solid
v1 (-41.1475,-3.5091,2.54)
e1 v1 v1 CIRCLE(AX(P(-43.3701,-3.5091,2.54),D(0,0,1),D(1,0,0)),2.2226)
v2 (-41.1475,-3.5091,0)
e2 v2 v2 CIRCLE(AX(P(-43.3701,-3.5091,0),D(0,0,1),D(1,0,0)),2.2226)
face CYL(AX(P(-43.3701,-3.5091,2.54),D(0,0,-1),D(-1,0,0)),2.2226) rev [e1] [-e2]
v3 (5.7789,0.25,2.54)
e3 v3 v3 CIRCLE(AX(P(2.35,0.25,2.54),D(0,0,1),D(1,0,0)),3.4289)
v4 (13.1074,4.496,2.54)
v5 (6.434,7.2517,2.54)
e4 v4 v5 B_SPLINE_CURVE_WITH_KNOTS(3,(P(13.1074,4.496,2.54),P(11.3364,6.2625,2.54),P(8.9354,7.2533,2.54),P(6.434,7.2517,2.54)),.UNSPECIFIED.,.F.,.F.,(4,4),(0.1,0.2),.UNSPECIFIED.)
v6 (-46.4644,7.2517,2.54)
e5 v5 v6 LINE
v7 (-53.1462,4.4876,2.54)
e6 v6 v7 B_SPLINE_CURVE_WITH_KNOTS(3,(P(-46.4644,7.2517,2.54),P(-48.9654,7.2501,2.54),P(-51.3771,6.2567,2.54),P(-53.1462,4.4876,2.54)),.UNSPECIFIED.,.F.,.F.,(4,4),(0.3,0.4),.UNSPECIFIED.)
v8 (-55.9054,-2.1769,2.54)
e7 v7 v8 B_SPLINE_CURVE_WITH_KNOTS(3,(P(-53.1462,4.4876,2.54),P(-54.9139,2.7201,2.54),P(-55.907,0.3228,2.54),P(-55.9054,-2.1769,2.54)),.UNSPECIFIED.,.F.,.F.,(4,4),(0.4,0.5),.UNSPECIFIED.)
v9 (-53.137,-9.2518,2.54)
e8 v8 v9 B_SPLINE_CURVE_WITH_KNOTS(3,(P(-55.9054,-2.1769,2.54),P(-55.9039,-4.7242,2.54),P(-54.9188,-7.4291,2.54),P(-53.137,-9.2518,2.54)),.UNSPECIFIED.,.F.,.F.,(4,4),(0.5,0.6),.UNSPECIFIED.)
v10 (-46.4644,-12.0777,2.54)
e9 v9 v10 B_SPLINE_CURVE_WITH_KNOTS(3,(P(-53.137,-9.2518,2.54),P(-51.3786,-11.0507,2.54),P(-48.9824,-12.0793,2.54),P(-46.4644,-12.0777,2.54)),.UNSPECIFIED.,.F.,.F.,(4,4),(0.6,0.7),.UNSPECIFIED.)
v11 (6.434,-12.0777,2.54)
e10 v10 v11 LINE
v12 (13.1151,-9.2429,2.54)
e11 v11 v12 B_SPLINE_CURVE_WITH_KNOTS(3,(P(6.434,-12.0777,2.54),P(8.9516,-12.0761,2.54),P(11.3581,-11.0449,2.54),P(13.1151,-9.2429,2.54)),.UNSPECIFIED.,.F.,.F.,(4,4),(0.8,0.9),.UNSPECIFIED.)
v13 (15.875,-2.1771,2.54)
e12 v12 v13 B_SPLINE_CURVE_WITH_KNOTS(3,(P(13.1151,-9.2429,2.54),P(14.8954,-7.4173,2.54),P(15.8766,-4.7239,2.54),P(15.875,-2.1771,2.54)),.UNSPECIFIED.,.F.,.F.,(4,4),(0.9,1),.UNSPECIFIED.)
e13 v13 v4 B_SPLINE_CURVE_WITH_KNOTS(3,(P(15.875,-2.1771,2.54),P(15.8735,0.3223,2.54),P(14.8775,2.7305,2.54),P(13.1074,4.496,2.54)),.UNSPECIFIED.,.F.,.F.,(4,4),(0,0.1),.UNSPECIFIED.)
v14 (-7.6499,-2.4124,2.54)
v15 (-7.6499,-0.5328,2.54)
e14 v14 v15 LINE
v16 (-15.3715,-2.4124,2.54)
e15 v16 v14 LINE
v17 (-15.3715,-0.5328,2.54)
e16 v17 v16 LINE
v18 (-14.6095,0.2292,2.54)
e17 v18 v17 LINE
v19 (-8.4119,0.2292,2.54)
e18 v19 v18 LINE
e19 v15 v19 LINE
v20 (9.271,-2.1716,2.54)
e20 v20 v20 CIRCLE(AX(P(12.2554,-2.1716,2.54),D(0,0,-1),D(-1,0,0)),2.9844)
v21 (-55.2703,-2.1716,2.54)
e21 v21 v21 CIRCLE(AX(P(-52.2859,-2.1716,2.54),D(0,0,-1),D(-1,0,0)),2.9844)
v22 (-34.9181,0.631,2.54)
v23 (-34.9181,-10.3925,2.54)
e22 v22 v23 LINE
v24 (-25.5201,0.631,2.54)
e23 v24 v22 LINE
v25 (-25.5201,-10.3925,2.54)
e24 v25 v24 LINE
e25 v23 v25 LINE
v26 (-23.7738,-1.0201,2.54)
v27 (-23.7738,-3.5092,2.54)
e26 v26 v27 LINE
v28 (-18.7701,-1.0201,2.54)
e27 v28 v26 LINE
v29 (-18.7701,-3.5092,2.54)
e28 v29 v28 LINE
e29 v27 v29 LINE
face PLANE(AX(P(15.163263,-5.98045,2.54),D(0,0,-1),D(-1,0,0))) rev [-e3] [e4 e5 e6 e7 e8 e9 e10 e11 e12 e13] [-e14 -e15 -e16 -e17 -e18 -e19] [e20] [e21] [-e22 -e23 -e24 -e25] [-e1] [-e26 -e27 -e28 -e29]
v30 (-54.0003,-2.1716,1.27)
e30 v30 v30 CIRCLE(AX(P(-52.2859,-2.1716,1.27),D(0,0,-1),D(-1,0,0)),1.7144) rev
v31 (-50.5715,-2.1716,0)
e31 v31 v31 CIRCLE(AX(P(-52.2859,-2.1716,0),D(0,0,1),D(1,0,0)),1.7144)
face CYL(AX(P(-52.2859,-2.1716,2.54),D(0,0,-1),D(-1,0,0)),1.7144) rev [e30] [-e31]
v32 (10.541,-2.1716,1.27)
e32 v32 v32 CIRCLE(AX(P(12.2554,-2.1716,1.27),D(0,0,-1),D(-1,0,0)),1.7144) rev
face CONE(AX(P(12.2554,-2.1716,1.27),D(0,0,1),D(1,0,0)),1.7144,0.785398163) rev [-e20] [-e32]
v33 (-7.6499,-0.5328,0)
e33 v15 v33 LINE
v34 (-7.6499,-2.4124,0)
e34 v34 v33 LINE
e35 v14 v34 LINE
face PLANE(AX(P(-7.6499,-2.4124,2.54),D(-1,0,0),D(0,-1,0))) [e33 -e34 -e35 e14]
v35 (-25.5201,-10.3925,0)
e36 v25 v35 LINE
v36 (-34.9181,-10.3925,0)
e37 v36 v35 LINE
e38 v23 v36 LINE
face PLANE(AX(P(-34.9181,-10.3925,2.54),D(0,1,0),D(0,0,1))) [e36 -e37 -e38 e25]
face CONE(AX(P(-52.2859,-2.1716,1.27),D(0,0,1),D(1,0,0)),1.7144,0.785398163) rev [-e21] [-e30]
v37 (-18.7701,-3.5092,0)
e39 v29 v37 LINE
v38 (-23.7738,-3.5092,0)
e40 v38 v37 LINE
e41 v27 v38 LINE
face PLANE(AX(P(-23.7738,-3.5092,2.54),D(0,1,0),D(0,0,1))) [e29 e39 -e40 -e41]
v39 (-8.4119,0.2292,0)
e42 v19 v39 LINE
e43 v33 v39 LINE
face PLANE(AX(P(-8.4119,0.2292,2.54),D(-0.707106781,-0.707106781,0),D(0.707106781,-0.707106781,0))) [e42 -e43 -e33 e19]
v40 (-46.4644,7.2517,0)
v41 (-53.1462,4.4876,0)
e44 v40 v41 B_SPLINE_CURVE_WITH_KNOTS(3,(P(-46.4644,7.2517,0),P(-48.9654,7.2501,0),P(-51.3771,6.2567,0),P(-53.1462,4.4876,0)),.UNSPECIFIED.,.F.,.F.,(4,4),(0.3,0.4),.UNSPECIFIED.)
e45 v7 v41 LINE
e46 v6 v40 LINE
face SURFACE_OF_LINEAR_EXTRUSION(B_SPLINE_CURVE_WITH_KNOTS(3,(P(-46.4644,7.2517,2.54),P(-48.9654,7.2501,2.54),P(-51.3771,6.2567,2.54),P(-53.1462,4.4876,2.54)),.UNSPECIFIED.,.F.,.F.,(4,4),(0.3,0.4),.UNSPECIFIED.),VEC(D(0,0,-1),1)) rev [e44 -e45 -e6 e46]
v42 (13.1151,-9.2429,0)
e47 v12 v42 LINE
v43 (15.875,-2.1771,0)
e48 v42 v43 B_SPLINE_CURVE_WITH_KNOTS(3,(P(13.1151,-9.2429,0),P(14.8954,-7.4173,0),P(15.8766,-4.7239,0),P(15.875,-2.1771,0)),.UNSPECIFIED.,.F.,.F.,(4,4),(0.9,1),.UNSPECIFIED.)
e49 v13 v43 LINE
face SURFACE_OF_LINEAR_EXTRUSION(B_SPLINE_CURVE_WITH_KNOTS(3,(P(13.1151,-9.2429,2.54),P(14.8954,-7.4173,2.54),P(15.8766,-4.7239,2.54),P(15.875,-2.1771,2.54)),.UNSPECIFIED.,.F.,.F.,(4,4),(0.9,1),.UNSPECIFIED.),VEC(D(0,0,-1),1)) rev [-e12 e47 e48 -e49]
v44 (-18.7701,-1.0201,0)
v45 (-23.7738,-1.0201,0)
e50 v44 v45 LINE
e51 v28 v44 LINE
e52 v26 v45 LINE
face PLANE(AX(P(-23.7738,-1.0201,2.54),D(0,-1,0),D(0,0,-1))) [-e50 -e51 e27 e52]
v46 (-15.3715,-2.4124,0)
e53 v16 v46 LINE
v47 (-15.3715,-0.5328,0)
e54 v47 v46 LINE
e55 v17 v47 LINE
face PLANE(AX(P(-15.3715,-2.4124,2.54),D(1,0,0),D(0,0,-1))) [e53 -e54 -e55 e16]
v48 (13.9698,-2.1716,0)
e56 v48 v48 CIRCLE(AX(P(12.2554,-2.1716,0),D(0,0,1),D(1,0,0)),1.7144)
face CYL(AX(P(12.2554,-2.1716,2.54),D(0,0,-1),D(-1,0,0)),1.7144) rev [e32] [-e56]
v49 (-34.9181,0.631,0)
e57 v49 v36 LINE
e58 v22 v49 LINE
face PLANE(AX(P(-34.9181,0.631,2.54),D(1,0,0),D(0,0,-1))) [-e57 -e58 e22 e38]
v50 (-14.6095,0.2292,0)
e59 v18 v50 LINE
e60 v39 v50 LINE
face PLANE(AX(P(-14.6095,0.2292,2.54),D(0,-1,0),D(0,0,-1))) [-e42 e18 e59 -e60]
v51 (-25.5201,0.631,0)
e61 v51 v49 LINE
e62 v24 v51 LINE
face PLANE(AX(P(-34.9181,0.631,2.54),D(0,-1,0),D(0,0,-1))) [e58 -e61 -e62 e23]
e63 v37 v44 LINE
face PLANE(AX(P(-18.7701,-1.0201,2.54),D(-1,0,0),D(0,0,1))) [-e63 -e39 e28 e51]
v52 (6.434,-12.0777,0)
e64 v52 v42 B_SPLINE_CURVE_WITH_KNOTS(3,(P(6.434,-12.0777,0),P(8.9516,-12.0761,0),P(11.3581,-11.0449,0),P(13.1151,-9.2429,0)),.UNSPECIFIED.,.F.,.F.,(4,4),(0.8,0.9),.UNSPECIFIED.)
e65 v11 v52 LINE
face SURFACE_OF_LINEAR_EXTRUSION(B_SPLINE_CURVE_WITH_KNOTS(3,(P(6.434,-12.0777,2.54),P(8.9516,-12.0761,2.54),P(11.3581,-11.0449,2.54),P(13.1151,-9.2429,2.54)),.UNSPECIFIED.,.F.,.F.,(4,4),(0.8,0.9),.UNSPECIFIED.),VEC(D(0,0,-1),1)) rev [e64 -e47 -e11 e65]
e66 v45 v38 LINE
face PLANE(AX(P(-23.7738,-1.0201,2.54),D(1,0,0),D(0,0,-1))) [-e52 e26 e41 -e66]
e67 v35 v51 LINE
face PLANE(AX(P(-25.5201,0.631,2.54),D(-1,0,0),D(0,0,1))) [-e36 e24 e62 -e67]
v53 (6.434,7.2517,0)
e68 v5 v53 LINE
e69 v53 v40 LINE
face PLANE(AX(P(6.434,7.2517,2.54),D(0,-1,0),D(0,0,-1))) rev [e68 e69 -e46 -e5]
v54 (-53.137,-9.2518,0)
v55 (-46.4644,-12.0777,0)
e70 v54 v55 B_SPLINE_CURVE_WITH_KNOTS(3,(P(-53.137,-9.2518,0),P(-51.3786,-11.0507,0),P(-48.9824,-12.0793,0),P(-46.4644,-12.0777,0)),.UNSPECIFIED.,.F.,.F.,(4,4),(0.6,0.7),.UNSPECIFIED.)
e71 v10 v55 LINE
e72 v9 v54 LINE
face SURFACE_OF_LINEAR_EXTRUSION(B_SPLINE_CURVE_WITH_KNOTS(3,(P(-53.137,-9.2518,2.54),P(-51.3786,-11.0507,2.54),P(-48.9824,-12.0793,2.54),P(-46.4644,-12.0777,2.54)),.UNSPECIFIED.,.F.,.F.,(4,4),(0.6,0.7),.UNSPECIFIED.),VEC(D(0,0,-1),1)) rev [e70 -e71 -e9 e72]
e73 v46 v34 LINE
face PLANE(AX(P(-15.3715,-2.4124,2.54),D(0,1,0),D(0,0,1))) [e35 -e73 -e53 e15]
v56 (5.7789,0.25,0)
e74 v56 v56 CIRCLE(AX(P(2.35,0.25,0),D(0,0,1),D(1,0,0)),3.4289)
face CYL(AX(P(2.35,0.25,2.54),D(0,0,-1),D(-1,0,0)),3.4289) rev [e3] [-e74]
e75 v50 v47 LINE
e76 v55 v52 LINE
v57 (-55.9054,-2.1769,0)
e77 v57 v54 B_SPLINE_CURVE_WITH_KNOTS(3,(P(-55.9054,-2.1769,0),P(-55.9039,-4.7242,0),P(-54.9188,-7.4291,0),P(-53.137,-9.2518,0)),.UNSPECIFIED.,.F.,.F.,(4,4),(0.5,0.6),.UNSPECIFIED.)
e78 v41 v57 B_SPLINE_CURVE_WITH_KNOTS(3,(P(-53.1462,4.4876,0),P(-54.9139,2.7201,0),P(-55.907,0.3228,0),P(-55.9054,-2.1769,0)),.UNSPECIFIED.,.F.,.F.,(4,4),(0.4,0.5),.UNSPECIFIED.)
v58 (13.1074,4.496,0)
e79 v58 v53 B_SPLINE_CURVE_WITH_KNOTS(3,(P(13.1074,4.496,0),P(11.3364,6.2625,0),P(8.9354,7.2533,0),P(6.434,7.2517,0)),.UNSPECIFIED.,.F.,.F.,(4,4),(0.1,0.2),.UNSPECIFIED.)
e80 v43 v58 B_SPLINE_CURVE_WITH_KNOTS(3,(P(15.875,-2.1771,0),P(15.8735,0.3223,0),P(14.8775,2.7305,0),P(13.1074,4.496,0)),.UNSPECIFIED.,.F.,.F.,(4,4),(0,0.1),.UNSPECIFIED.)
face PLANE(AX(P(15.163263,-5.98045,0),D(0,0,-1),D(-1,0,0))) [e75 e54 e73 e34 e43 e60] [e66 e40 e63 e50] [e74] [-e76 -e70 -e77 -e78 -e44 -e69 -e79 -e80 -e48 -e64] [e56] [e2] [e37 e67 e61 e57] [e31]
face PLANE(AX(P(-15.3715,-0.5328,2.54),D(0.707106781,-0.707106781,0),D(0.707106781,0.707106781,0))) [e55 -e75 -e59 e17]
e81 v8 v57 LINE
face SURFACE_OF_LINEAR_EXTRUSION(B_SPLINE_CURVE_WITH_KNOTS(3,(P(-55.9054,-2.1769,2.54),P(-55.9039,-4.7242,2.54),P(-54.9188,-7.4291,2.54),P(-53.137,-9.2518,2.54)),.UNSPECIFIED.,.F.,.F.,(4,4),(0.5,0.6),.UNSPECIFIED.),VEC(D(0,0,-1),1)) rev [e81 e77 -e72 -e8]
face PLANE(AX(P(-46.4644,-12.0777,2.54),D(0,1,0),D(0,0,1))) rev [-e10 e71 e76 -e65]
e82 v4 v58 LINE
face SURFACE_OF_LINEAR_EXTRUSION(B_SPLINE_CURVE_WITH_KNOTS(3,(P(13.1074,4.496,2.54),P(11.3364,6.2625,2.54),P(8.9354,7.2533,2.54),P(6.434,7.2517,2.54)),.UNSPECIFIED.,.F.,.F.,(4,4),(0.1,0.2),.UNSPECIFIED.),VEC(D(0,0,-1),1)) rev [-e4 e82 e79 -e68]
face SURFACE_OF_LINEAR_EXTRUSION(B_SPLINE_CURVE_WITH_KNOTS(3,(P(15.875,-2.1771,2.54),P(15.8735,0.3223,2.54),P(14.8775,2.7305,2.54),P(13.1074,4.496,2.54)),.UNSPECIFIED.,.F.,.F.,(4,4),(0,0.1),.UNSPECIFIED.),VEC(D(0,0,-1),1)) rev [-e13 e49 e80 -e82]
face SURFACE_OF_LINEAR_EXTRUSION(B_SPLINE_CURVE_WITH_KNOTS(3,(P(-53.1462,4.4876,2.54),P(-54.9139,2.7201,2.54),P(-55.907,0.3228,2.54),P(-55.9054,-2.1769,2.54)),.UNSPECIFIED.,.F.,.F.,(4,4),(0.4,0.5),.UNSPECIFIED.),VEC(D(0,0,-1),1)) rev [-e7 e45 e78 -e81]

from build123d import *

# Parameters (mm, degrees)
SKETCH1_R           = 3.4289
SKETCH1_R_2         = 1.7144
SKETCH1_R_3         = 2.2226
SKETCH1_W           = 9.398
SKETCH1_H           = 11.0235
SKETCH1_W_2         = 5.0037
SKETCH1_H_2         = 2.4891
BOSS_EXTRUDE1_DEPTH = 2.54
CHAMFER1_SIZE       = 1.27


with BuildPart() as part:
    # Sketch1 → Boss-Extrude1 (new body)
    with BuildSketch(Plane.XY):
        with BuildLine():
            Line((6.434, 7.2517), (-46.4644, 7.2517))
            add(Edge.make_bspline(
                [(-46.4644, 7.2517), (-48.9654, 7.2501), (-51.3771, 6.2567), (-53.1462, 4.4876)],
                knots=[0.3, 0.3, 0.3, 0.3, 0.4, 0.4, 0.4, 0.4], degree=3))
            add(Edge.make_bspline(
                [(-53.1462, 4.4876), (-54.9139, 2.7201), (-55.907, 0.3228), (-55.9054, -2.1769)],
                knots=[0.4, 0.4, 0.4, 0.4, 0.5, 0.5, 0.5, 0.5], degree=3))
            add(Edge.make_bspline(
                [(-55.9054, -2.1769), (-55.9039, -4.7242), (-54.9188, -7.4291), (-53.137, -9.2518)],
                knots=[0.5, 0.5, 0.5, 0.5, 0.6, 0.6, 0.6, 0.6], degree=3))
            add(Edge.make_bspline(
                [(-53.137, -9.2518), (-51.3786, -11.0507), (-48.9824, -12.0793), (-46.4644, -12.0777)],
                knots=[0.6, 0.6, 0.6, 0.6, 0.7, 0.7, 0.7, 0.7], degree=3))
            Line((-46.4644, -12.0777), (6.434, -12.0777))
            add(Edge.make_bspline(
                [(6.434, -12.0777), (8.9516, -12.0761), (11.3581, -11.0449), (13.1151, -9.2429)],
                knots=[0.8, 0.8, 0.8, 0.8, 0.9, 0.9, 0.9, 0.9], degree=3))
            add(Edge.make_bspline(
                [(13.1151, -9.2429), (14.8954, -7.4173), (15.8766, -4.7239), (15.875, -2.1771)],
                knots=[0.9, 0.9, 0.9, 0.9, 1, 1, 1, 1], degree=3))
            add(Edge.make_bspline(
                [(15.875, -2.1771), (15.8735, 0.3223), (14.8775, 2.7305), (13.1074, 4.496)],
                knots=[0, 0, 0, 0, 0.1, 0.1, 0.1, 0.1], degree=3))
            add(Edge.make_bspline(
                [(13.1074, 4.496), (11.3364, 6.2625), (8.9354, 7.2533), (6.434, 7.2517)],
                knots=[0.1, 0.1, 0.1, 0.1, 0.2, 0.2, 0.2, 0.2], degree=3))
        make_face()
        with Locations((2.35, 0.25)):
            Circle(SKETCH1_R, mode=Mode.SUBTRACT)
        with Locations((12.2554, -2.1716)):
            Circle(SKETCH1_R_2, mode=Mode.SUBTRACT)
        with Locations((-43.3701, -3.5091)):
            Circle(SKETCH1_R_3, mode=Mode.SUBTRACT)
        with Locations((-52.2859, -2.1716)):
            Circle(SKETCH1_R_2, mode=Mode.SUBTRACT)
        with Locations((-30.2191, -4.88075)):
            Rectangle(SKETCH1_W, SKETCH1_H, mode=Mode.SUBTRACT)
        Polygon((-15.3715, -0.5328), (-14.6095, 0.2292), (-8.4119, 0.2292), (-7.6499, -0.5328), (-7.6499, -2.4124), (-15.3715, -2.4124), align=None, mode=Mode.SUBTRACT)
        with Locations((-21.27195, -2.26465)):
            Rectangle(SKETCH1_W_2, SKETCH1_H_2, mode=Mode.SUBTRACT)
    extrude(amount=BOSS_EXTRUDE1_DEPTH)

    # Chamfer1
    chamfer1_edges = [part.edges().sort_by_distance(p)[0] for p in [
        (10.541, -2.1716, 2.54),
        (-54.0003, -2.1716, 2.54),
    ]]
    chamfer(chamfer1_edges, length=CHAMFER1_SIZE)


solid = part.part
